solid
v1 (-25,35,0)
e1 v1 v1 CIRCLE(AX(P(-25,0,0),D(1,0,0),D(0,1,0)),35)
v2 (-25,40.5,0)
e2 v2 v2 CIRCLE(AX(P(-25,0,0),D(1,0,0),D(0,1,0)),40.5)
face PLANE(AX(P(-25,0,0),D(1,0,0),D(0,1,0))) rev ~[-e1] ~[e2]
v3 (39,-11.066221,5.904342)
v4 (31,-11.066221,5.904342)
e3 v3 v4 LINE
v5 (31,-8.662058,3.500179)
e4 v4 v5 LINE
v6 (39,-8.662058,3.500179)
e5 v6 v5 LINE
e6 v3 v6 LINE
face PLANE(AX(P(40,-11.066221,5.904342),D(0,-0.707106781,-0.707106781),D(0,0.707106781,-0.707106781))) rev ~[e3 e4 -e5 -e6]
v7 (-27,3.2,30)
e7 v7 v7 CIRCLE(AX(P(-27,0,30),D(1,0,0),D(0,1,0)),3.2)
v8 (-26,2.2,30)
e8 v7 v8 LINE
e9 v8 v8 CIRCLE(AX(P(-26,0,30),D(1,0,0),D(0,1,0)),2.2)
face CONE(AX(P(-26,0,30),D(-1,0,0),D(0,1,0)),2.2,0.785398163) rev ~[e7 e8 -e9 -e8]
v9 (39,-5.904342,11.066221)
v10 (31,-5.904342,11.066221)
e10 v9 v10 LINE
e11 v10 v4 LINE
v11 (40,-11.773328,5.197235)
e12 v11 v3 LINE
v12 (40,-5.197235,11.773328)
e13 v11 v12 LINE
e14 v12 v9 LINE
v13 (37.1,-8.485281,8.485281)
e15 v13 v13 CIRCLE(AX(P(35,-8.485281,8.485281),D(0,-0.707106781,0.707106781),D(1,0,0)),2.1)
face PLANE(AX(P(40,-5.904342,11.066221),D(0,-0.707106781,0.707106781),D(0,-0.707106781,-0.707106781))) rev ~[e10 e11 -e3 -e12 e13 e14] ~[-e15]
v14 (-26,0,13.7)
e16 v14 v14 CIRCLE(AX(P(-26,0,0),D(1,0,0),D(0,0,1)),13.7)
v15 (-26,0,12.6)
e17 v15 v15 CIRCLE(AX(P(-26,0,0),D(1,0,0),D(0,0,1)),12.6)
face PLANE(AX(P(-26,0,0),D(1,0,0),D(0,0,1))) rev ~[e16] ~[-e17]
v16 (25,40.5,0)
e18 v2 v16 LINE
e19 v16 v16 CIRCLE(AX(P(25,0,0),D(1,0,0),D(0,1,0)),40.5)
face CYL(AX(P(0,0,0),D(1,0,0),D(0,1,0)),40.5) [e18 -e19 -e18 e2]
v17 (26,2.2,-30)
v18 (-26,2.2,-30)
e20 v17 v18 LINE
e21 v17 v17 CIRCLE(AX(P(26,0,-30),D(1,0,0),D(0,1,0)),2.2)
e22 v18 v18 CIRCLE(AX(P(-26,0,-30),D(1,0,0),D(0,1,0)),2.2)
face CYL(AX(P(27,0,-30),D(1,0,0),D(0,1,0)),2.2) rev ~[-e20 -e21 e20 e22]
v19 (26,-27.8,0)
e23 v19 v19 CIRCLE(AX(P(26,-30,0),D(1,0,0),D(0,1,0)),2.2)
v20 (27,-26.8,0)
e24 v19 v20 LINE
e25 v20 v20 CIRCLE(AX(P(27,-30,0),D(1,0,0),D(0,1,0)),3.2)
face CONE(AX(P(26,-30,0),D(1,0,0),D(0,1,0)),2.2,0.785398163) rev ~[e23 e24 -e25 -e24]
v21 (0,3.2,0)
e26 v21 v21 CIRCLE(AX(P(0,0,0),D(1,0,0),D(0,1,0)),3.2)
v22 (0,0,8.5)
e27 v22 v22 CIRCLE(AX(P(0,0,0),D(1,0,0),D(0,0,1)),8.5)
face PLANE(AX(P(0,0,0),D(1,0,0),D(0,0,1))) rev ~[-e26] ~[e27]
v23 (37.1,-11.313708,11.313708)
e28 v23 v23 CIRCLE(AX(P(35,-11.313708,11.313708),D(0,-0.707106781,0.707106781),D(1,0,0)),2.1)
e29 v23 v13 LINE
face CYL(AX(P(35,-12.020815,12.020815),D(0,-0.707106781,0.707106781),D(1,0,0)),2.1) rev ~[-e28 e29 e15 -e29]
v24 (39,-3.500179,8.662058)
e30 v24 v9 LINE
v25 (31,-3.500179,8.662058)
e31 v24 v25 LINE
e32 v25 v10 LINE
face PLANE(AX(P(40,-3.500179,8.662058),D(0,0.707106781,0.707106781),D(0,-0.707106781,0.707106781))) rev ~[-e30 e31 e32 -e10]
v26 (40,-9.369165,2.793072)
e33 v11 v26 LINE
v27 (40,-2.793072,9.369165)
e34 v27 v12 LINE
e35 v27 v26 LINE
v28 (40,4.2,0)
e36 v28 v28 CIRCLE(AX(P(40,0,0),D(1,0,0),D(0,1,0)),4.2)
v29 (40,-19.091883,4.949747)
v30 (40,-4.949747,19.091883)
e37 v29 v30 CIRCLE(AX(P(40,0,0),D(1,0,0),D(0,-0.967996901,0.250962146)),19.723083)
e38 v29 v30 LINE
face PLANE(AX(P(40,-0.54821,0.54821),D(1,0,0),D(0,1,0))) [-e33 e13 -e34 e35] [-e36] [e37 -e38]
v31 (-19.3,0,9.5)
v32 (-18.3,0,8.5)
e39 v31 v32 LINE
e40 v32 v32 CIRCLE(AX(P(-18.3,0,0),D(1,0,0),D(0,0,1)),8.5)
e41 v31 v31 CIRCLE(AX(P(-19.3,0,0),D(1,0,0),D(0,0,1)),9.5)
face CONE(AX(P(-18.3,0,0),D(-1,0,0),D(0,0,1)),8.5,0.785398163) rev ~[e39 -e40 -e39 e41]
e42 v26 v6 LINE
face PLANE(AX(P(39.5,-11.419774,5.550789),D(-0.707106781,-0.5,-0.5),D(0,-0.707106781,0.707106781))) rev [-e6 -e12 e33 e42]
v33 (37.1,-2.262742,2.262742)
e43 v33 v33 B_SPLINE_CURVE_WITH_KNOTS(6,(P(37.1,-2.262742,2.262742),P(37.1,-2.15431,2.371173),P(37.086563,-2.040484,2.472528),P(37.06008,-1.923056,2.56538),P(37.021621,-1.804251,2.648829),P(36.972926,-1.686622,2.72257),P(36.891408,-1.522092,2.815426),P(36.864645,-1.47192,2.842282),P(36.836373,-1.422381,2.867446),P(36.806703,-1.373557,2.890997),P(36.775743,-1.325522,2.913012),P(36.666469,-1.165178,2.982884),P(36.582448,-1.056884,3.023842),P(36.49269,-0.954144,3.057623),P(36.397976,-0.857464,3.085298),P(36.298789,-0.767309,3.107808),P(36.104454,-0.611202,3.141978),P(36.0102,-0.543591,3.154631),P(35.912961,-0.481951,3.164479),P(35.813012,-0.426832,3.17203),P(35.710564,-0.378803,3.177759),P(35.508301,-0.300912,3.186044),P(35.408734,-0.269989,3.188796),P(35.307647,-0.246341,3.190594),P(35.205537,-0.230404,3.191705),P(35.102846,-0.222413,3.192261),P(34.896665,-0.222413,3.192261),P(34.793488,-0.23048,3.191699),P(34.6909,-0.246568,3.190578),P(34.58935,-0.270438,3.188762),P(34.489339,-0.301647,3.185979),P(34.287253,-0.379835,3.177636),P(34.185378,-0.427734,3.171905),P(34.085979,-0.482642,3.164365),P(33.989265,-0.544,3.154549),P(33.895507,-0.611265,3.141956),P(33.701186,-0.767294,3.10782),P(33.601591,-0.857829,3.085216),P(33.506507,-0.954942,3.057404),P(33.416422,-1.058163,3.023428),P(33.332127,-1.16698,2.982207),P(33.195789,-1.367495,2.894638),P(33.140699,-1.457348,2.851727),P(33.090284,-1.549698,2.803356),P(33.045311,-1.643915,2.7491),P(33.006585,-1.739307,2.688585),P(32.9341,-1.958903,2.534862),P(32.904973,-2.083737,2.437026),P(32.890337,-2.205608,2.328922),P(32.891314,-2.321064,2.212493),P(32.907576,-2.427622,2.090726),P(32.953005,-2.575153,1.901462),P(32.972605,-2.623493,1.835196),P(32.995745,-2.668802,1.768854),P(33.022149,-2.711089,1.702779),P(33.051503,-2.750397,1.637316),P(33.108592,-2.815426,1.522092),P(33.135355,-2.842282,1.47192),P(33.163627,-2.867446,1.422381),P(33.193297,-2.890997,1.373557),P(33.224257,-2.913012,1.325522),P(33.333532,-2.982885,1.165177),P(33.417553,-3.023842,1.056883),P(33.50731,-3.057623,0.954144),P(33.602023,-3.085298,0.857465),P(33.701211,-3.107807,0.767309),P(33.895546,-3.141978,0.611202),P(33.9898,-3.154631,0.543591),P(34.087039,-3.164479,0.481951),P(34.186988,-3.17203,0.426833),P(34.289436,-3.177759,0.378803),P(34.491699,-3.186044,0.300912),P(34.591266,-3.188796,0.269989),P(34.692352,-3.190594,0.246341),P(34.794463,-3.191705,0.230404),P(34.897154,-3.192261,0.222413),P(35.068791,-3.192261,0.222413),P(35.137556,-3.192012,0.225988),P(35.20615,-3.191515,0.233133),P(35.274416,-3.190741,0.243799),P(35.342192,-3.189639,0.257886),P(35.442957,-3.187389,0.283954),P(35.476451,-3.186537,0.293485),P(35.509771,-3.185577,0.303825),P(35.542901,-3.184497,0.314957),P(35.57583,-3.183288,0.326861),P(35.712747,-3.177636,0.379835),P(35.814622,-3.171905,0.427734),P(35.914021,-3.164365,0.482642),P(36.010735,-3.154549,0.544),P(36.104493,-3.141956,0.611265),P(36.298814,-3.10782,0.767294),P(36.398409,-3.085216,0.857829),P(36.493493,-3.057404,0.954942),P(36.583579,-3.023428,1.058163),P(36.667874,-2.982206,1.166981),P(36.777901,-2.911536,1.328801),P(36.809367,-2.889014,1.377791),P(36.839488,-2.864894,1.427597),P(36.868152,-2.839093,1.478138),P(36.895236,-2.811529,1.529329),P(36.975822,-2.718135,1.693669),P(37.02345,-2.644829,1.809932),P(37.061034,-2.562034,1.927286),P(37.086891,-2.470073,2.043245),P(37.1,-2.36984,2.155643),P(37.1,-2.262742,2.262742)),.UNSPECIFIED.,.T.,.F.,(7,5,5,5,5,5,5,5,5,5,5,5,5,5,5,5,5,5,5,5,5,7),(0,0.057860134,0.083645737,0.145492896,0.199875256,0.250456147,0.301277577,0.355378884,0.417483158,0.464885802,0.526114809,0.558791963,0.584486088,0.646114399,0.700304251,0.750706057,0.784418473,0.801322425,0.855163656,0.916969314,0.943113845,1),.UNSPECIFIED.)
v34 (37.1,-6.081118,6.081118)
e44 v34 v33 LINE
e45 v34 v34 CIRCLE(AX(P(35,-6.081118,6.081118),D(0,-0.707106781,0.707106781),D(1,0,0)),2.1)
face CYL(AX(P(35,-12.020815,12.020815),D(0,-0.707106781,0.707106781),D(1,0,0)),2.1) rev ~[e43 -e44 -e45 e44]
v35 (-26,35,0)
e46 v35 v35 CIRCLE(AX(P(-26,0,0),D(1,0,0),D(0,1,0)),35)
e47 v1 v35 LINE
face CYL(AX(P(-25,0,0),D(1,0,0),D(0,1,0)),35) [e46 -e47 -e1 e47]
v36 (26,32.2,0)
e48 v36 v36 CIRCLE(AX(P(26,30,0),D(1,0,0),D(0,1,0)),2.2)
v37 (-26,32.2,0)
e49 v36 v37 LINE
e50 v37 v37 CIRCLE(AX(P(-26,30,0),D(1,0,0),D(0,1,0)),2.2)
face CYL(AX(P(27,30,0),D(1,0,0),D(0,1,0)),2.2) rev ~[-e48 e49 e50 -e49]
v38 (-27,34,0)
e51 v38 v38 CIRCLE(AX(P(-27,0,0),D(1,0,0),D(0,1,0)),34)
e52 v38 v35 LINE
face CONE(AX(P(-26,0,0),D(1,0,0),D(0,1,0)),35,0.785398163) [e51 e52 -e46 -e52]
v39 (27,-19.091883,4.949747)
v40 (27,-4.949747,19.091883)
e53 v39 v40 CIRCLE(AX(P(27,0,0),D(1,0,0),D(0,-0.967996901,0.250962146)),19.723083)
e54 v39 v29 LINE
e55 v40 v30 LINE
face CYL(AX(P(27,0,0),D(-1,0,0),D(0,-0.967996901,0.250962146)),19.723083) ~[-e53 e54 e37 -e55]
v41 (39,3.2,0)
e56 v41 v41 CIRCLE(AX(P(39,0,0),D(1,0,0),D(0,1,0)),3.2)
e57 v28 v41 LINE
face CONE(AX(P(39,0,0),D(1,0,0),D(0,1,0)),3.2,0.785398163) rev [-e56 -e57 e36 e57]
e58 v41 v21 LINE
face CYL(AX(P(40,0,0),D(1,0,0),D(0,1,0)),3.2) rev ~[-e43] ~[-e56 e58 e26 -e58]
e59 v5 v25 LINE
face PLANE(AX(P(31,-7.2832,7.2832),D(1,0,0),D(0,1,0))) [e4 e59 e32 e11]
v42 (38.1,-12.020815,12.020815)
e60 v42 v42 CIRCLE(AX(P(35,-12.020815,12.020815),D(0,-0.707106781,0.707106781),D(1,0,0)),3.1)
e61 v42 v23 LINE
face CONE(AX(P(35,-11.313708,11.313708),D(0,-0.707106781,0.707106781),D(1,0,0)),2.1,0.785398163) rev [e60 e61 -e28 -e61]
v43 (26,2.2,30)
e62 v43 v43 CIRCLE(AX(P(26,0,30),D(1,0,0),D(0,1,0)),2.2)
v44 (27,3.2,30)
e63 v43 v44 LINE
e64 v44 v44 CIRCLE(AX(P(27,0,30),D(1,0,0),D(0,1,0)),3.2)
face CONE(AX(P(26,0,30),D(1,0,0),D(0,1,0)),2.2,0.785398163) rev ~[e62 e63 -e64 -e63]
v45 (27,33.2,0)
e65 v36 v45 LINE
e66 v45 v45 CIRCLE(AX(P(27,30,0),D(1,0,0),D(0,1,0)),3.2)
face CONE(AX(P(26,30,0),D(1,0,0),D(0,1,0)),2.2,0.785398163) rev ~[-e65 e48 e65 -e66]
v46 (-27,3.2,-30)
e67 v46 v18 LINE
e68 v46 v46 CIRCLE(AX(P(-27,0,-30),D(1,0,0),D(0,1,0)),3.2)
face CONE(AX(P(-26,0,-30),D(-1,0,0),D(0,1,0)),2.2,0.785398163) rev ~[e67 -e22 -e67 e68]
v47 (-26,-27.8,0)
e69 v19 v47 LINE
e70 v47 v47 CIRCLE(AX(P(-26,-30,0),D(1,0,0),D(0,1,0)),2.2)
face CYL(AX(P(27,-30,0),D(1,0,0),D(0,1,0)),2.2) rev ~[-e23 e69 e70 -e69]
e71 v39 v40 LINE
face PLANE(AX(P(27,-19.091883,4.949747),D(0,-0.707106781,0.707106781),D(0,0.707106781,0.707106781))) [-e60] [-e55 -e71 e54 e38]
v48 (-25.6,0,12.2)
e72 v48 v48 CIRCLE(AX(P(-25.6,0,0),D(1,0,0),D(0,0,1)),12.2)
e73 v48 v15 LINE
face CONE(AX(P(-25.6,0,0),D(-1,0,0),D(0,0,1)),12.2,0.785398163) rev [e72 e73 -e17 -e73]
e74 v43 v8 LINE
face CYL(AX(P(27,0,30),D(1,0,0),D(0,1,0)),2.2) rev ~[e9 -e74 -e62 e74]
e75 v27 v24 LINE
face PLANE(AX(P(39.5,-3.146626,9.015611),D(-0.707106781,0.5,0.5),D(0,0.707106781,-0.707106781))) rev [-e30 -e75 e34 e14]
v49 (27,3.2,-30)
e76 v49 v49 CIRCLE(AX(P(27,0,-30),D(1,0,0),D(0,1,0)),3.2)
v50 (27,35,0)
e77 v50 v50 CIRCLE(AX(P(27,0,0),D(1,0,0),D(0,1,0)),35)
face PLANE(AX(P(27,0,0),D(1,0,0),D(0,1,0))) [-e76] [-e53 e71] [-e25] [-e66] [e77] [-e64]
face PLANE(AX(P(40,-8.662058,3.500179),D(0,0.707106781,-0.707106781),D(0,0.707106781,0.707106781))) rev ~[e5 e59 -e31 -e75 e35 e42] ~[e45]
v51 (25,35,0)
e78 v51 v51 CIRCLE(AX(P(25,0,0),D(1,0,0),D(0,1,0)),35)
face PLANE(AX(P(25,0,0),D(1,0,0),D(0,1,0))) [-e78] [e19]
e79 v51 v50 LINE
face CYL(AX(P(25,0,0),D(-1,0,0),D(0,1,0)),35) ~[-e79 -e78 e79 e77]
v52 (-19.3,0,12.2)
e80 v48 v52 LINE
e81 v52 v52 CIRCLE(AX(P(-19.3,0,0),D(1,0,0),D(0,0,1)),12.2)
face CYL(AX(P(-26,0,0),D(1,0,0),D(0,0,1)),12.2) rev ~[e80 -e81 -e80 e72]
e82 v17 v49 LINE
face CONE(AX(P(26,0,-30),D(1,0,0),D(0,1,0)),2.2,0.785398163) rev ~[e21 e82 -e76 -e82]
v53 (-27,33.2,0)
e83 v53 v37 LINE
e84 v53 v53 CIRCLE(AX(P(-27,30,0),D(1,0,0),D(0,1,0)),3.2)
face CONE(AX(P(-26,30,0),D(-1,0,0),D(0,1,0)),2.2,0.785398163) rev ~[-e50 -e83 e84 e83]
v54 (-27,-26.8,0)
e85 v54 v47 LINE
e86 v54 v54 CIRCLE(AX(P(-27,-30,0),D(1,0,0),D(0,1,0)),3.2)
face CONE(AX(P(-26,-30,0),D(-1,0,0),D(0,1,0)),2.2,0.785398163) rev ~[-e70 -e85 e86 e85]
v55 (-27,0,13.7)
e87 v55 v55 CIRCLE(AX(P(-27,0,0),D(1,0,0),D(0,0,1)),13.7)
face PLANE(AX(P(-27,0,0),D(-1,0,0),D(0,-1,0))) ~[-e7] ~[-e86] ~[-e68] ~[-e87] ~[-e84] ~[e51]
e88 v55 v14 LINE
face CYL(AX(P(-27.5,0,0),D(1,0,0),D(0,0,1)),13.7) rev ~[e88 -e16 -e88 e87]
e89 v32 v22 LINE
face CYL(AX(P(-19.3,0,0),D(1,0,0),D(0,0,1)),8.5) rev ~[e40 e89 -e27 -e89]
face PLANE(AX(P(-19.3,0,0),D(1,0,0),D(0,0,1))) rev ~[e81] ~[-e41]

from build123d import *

# Parameters (mm, degrees)
SKETCH012_R     = 40.5
PAD008_DEPTH    = 25
SKETCH015_R     = 35
PAD011_DEPTH    = 2
SKETCH016_R     = 2.2
POCKET003_DEPTH = 54.001
PAD013_DEPTH    = 13
SKETCH020_R     = 3.2
POCKET004_DEPTH = 67.001
SKETCH019_R     = 2.1
POCKET005_DEPTH = 17
POCKET006_DEPTH = 9
CHAMFER025_SIZE = 1
CHAMFER026_SIZE = 0.4
CHAMFER034_SIZE = 1
CHAMFER035_SIZE = 1


with BuildPart() as part:
    # Sketch012 → Pad008 (new body, symmetric)
    with BuildSketch(Plane.YZ):
        Circle(SKETCH012_R)
    extrude(amount=PAD008_DEPTH, both=True)

    # Sketch015 (on Face3 of Pad008) → Pad011 (join)
    with BuildSketch(Plane.YZ.offset(25)):
        Circle(SKETCH015_R)
    pad011 = extrude(amount=PAD011_DEPTH)

    # Mirrored001: Pad011 across YZ
    add(pad011.mirror(Plane.YZ))

    # Sketch016 (on Face7 of Mirrored001) → Pocket003 (cut, through all)
    with BuildSketch(Plane.YZ.offset(27)):
        with Locations((0, 30)):
            Circle(SKETCH016_R)
        with Locations((-30, 0)):
            Circle(SKETCH016_R)
        with Locations((0, -30)):
            Circle(SKETCH016_R)
        with Locations((30, 0)):
            Circle(SKETCH016_R)
    extrude(amount=-POCKET003_DEPTH, mode=Mode.SUBTRACT)

    # Sketch018 (on Face7 of Pocket003) → Pad013 (join)
    with BuildSketch(Plane.YZ.offset(27)):
        with BuildLine():
            ThreePointArc((-19.091883, 4.949747), (13.946326, -13.946326), (-4.949747, 19.091883))
            Line((-19.091883, 4.949747), (-4.949747, 19.091883))
        make_face()
    extrude(amount=PAD013_DEPTH)

    # Sketch020 (on Face14 of Pad013) → Pocket004 (cut, through all)
    with BuildSketch(Plane.YZ.offset(40)):
        Circle(SKETCH020_R)
    extrude(amount=-POCKET004_DEPTH, mode=Mode.SUBTRACT)

    # Sketch019 (on Face13 of Pad013) → Pocket005 (cut)
    with BuildSketch(Plane(origin=(0, -12.020815, 12.020815), x_dir=(1, 0, 0), z_dir=(0, -0.707107, 0.707107))):
        with Locations((35, 0)):
            Circle(SKETCH019_R)
    extrude(amount=-POCKET005_DEPTH, mode=Mode.SUBTRACT)

    # Sketch021 (on Face15 of Pocket005) → Pocket006 (cut)
    with BuildSketch(Plane.YZ.offset(40)):
        Polygon((-11.066221, 5.904342), (-8.662058, 3.500179), (-3.500179, 8.662058), (-5.904342, 11.066221), align=None)
    extrude(amount=-POCKET006_DEPTH, mode=Mode.SUBTRACT)

    # Sketch067 → Groove (revolve, cut)
    with BuildSketch(Plane.XZ):
        Polygon((-27.5, 0), (-27.5, 13.7), (-26, 13.7), (-26, 12.2), (-19.3, 12.2), (-19.3, 8.5), (0, 8.5), (0, 0), align=None)
    revolve(axis=Axis((0, 0, 0), (1, 0, 0)), mode=Mode.SUBTRACT)

    # Chamfer025
    chamfer025_edges = [part.edges().sort_by_distance(p)[0] for p in [
        (-19.3, 0, -8.5),
    ]]
    chamfer(chamfer025_edges, length=CHAMFER025_SIZE)

    # Chamfer026
    chamfer026_edges = [part.edges().sort_by_distance(p)[0] for p in [
        (-26, 0, -12.2),
    ]]
    chamfer(chamfer026_edges, length=CHAMFER026_SIZE)

    # Chamfer034
    chamfer034_edges = [part.edges().sort_by_distance(p)[0] for p in [
        (-27, 27.8, 0),
        (-27, -2.2, 30),
        (-27, -32.2, 0),
        (-27, -2.2, -30),
        (27, -32.2, 0),
        (27, -2.2, -30),
        (27, 27.8, 0),
        (27, -2.2, 30),
        (-27, -35, 0),
    ]]
    chamfer(chamfer034_edges, length=CHAMFER034_SIZE)

    # Chamfer035
    chamfer035_edges = [part.edges().sort_by_distance(p)[0] for p in [
        (40, -3.2, 0),
        (32.9, -12.020815, 12.020815),
        (40, -9.86414, 4.70226),
        (40, -4.70226, 9.86414),
    ]]
    chamfer(chamfer035_edges, length=CHAMFER035_SIZE)


solid = part.part
